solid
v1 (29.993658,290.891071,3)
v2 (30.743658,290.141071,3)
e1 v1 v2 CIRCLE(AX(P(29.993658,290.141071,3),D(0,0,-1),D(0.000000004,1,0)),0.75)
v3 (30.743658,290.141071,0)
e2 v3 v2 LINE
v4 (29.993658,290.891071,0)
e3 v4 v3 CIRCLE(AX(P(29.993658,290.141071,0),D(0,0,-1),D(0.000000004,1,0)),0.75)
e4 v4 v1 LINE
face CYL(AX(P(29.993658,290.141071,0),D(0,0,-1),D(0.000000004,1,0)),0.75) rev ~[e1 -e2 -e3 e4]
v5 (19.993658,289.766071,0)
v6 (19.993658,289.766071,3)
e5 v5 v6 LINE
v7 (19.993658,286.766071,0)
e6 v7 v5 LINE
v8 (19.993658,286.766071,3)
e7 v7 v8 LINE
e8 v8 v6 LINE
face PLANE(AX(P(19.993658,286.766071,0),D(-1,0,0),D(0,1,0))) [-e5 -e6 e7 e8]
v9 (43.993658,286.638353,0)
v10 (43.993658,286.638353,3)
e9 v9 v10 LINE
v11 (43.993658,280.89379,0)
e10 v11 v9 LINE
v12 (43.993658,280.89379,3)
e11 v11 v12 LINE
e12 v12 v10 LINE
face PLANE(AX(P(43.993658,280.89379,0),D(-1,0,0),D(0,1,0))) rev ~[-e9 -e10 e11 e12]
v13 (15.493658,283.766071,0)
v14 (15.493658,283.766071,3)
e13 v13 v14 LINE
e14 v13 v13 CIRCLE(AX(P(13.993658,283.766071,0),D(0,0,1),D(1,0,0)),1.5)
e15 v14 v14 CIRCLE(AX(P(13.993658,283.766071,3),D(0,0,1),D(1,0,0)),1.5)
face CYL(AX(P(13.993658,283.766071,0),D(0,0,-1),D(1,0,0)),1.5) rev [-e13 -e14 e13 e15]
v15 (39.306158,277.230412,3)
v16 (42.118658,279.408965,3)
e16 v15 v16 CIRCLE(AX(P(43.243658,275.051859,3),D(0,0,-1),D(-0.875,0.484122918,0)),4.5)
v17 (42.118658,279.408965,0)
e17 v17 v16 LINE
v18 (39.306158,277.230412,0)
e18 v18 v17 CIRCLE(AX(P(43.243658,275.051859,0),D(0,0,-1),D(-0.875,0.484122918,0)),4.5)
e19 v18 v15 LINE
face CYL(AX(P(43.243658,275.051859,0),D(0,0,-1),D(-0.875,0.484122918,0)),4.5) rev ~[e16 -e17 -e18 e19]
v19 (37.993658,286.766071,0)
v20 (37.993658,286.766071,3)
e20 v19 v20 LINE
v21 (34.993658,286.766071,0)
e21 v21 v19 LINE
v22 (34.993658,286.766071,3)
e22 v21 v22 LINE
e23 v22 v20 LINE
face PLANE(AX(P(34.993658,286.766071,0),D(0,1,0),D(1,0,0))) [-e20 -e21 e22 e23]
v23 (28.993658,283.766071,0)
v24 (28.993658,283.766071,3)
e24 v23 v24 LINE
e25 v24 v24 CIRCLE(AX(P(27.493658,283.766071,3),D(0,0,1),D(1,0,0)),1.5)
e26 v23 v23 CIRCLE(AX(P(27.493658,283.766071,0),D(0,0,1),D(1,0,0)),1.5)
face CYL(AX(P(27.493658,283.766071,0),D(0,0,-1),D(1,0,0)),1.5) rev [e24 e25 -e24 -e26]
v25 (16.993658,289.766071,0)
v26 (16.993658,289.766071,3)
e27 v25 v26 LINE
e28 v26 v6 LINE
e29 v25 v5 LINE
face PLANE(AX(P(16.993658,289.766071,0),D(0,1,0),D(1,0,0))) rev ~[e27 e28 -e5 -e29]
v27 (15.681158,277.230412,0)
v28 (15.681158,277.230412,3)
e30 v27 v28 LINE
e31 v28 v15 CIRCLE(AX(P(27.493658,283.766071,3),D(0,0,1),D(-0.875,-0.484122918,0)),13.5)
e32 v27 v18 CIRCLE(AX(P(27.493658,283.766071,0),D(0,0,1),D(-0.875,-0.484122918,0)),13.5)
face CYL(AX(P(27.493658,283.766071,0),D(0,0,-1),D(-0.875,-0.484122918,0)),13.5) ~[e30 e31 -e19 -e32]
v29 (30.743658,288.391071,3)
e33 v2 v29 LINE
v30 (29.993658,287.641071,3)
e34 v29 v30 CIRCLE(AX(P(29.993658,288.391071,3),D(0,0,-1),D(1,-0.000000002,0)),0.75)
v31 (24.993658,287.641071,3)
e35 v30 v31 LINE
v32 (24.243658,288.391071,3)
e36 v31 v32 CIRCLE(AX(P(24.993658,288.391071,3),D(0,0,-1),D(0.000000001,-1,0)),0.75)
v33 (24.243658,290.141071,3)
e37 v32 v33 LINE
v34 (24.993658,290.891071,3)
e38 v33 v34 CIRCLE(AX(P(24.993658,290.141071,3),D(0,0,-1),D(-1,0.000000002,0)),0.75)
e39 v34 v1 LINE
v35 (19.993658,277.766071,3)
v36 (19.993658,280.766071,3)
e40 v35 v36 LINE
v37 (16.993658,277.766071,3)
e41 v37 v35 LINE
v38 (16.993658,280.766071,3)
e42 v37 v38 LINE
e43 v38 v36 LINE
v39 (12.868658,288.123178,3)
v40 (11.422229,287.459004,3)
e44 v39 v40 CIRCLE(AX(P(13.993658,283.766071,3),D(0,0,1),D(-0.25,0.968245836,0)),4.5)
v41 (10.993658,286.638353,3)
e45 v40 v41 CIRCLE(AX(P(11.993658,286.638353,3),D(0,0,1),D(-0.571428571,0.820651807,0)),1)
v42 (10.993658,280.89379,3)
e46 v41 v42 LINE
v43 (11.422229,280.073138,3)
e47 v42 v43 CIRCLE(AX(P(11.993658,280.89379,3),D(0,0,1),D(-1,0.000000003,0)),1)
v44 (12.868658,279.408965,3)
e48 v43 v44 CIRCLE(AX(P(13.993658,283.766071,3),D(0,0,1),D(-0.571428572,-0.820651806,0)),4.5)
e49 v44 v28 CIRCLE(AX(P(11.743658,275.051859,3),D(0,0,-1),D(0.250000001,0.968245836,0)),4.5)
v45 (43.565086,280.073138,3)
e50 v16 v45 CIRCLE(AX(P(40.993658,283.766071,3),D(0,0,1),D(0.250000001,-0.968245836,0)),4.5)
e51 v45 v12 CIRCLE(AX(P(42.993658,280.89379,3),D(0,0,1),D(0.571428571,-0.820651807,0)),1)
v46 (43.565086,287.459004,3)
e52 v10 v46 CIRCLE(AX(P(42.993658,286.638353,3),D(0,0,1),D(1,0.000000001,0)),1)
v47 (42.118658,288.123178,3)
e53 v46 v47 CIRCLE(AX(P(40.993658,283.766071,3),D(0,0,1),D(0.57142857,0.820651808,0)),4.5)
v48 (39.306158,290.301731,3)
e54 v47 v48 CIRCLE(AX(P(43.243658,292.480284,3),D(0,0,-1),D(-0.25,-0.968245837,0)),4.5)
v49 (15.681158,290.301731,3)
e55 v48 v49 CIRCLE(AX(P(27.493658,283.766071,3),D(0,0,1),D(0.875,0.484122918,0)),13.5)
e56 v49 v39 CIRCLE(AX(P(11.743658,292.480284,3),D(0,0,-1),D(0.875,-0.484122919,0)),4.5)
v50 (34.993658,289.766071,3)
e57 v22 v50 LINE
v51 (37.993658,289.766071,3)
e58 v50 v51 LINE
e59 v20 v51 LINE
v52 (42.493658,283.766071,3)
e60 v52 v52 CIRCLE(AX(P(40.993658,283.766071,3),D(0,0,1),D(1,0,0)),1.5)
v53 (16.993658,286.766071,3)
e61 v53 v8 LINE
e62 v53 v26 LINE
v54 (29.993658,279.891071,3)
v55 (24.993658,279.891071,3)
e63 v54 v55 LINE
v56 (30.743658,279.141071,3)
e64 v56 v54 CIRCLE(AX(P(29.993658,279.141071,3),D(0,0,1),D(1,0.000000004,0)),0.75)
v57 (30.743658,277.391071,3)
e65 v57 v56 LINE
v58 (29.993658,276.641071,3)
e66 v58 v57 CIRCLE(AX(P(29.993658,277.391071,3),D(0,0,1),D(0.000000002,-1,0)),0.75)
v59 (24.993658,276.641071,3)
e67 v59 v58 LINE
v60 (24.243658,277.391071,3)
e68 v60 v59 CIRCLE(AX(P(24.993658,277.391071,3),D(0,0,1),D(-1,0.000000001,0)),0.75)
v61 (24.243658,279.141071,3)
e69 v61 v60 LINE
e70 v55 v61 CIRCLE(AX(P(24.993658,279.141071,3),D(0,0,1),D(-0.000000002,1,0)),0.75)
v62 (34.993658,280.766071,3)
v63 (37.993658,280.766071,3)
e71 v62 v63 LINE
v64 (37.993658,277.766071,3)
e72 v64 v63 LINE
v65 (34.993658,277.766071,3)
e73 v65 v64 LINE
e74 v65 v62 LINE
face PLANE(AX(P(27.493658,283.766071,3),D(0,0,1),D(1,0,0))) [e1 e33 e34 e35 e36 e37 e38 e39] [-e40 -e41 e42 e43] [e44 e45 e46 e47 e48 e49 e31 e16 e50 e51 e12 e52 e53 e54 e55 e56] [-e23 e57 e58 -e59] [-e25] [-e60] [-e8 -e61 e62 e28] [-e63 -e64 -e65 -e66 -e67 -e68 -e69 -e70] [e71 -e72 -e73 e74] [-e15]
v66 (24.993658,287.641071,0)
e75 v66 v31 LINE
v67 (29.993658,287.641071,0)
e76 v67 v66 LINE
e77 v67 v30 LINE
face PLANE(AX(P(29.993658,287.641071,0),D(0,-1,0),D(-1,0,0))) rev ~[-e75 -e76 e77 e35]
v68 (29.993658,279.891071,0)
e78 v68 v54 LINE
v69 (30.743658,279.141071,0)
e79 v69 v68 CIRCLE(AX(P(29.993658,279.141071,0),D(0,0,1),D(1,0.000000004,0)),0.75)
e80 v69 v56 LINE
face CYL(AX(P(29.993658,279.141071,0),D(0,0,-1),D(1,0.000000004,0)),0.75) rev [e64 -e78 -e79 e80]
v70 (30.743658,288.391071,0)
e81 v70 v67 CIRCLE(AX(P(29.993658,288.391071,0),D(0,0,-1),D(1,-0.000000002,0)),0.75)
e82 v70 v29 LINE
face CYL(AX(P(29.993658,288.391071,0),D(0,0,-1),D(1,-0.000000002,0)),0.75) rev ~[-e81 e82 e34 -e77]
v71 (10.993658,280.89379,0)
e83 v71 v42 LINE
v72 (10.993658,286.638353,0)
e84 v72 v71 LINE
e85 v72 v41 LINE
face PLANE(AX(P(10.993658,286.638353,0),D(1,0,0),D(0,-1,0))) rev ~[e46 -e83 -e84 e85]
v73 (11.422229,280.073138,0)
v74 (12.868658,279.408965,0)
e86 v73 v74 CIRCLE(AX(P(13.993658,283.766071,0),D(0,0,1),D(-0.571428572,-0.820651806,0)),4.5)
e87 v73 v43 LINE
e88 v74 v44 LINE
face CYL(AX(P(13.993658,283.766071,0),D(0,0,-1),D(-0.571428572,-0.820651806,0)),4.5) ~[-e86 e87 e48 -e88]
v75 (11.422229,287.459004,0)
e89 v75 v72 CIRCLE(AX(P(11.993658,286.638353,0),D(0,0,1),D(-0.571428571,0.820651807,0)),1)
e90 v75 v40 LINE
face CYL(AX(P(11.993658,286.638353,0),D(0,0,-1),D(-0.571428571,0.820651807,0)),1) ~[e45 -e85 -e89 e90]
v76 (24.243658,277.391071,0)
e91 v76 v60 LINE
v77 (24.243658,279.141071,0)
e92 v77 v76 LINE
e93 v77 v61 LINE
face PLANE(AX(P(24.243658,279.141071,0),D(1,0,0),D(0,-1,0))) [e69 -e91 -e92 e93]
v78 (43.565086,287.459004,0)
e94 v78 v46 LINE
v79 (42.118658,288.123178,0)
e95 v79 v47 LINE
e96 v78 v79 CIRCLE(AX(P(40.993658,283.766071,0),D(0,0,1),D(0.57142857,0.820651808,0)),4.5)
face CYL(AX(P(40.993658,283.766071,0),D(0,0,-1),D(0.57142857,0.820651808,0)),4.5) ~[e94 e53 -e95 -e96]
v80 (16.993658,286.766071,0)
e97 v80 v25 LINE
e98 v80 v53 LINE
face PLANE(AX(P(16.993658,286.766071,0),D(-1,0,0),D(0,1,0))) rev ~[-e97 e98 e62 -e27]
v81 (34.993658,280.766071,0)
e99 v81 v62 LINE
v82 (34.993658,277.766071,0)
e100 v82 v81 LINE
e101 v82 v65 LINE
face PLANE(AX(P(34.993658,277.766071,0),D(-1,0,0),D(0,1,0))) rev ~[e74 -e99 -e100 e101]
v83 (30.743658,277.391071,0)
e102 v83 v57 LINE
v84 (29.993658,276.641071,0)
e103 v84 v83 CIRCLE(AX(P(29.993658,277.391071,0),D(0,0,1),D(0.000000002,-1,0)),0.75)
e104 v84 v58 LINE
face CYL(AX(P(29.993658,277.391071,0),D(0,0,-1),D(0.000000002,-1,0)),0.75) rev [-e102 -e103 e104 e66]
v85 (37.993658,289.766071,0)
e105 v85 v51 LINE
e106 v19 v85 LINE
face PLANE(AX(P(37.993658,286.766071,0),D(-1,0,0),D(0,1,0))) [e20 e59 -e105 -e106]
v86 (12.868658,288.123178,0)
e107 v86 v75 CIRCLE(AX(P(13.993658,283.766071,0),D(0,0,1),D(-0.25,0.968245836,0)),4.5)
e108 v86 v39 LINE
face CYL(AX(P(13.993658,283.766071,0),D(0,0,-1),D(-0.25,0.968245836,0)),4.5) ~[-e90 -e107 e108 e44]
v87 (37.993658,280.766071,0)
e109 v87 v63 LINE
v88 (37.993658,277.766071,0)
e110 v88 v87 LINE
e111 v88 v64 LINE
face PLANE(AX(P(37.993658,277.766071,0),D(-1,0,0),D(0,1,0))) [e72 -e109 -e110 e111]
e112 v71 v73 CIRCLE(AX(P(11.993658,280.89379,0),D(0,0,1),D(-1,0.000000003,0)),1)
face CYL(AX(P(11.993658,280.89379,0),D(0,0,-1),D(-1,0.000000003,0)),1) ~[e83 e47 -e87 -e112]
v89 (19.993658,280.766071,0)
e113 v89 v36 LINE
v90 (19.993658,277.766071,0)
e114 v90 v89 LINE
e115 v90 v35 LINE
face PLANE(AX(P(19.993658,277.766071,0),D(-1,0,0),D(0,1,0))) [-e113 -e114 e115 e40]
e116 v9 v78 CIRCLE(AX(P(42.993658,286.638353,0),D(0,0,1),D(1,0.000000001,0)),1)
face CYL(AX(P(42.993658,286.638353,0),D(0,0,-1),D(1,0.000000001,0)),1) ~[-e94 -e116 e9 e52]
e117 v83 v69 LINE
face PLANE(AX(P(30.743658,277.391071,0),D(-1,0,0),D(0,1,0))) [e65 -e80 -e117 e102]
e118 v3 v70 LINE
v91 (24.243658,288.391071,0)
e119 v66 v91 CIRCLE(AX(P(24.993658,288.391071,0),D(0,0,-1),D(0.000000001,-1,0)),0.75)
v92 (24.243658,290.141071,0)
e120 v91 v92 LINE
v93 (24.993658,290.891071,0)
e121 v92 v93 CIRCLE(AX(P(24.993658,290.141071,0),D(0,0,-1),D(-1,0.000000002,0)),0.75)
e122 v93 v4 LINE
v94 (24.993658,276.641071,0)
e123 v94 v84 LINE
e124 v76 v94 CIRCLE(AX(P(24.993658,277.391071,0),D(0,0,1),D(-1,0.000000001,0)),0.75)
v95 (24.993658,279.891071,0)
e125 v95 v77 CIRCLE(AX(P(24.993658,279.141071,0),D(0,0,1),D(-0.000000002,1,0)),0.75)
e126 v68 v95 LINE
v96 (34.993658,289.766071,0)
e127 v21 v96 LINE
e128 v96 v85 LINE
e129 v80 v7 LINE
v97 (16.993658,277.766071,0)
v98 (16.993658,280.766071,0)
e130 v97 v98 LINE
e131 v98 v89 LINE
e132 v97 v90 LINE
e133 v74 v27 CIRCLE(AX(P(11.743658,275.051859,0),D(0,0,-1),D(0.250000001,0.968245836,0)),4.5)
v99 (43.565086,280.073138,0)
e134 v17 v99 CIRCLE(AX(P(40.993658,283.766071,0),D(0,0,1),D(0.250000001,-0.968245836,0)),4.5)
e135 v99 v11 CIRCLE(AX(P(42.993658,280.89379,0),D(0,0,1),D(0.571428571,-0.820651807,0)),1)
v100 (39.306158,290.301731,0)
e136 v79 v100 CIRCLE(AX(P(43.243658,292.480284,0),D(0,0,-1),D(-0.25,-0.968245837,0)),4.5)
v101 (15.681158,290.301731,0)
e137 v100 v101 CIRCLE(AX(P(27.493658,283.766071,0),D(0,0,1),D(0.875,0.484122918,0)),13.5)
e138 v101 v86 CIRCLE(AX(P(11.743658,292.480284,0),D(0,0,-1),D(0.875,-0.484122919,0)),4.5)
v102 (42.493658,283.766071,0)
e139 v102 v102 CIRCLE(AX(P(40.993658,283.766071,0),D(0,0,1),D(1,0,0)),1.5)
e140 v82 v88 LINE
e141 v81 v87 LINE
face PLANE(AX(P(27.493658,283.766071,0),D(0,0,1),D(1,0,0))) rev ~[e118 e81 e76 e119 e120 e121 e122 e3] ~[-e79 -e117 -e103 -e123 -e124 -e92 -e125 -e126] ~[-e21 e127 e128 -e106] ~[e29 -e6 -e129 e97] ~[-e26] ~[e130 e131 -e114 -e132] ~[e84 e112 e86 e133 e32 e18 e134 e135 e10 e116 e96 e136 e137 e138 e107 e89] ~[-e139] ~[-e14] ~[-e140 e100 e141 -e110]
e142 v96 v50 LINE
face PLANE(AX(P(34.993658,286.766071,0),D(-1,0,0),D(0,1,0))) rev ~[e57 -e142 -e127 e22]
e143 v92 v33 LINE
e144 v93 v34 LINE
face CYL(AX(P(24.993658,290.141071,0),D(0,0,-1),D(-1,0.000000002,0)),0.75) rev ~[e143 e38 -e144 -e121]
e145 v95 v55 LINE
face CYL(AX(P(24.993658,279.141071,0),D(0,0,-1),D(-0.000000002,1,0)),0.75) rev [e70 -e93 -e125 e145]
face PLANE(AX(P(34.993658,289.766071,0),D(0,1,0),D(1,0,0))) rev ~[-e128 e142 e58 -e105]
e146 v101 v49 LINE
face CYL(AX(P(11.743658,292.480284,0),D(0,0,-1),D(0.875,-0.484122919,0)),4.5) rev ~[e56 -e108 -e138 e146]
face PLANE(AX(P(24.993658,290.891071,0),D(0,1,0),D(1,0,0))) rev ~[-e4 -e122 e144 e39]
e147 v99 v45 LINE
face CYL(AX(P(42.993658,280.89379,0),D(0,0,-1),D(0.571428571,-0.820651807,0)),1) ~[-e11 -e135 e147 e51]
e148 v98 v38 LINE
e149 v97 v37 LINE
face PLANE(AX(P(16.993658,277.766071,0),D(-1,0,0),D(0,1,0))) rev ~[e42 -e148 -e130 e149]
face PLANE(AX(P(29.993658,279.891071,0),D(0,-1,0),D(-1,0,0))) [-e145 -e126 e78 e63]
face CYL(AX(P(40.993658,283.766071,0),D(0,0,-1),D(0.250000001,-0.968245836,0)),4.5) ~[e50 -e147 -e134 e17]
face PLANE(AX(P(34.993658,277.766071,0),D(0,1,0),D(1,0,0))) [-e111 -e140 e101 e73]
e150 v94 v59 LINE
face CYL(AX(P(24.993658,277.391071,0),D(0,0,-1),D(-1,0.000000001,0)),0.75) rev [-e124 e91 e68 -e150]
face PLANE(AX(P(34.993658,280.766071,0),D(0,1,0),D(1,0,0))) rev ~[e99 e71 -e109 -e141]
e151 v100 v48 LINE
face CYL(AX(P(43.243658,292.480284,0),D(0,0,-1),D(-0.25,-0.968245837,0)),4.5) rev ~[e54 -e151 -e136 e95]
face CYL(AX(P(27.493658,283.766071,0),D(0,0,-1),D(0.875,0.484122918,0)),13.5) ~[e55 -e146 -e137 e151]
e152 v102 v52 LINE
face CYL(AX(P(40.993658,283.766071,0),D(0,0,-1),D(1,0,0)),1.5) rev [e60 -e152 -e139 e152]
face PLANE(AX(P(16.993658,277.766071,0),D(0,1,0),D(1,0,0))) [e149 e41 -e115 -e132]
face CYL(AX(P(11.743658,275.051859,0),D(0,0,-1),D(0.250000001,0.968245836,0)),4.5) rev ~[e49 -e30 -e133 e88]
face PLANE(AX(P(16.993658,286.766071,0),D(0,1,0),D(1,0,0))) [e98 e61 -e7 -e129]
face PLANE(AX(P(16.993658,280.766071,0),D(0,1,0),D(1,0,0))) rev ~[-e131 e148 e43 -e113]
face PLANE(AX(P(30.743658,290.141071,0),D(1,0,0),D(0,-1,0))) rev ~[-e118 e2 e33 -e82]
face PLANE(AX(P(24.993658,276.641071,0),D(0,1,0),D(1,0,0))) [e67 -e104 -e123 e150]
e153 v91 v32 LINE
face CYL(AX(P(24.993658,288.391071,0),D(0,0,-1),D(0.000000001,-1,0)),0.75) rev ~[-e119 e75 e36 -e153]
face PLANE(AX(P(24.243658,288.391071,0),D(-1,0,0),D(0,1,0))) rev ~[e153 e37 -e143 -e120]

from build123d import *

# Parameters (mm, degrees)
MODEL_R                 = 1.5
MODEL_W                 = 3
MODEL_H                 = 3
SALIENTE_EXTRUIR1_DEPTH = 3


with BuildPart() as part:
    # Model → Saliente-Extruir1 (new body)
    with BuildSketch(Plane.XY):
        with BuildLine():
            Line((10.993657745, 286.638352596), (10.993657745, 280.893789949))
            ThreePointArc((10.993657745, 280.893789949), (11.107252484, 280.430879899), (11.422229173, 280.073138143))
            ThreePointArc((11.422229173, 280.073138143), (12.115845844, 279.676594232), (12.868657745, 279.408965008))
            ThreePointArc((12.868657745, 279.408965008), (14.499333705, 278.609421111), (15.681157745, 277.230411876))
            ThreePointArc((15.681157745, 277.230411876), (27.493657745, 270.266071273), (39.306157745, 277.230411876))
            ThreePointArc((39.306157745, 277.230411876), (40.487981784, 278.609421111), (42.118657745, 279.408965008))
            ThreePointArc((42.118657745, 279.408965008), (42.871469645, 279.676594232), (43.565086316, 280.073138143))
            ThreePointArc((43.565086316, 280.073138143), (43.880063005, 280.430879899), (43.993657745, 280.893789949))
            Line((43.993657745, 280.893789949), (43.993657745, 286.638352596))
            ThreePointArc((43.993657745, 286.638352596), (43.880063005, 287.101262646), (43.565086316, 287.459004403))
            ThreePointArc((43.565086316, 287.459004403), (42.871469645, 287.855548313), (42.118657745, 288.123177537))
            ThreePointArc((42.118657745, 288.123177537), (40.487981784, 288.922721434), (39.306157745, 290.301730669))
            ThreePointArc((39.306157745, 290.301730669), (27.493657745, 297.266071273), (15.681157745, 290.301730669))
            ThreePointArc((15.681157745, 290.301730669), (14.499333705, 288.922721434), (12.868657745, 288.123177537))
            ThreePointArc((12.868657745, 288.123177537), (12.115845844, 287.855548313), (11.422229173, 287.459004403))
            ThreePointArc((11.422229173, 287.459004403), (11.107252484, 287.101262646), (10.993657745, 286.638352596))
        make_face()
        with Locations((40.993657745, 283.766071273)):
            Circle(MODEL_R, mode=Mode.SUBTRACT)
        with Locations((13.993657745, 283.766071273)):
            Circle(MODEL_R, mode=Mode.SUBTRACT)
        with Locations((27.493657745, 283.766071273)):
            Circle(MODEL_R, mode=Mode.SUBTRACT)
        with Locations((36.493657745, 288.266071273)):
            Rectangle(MODEL_W, MODEL_H, mode=Mode.SUBTRACT)
        with Locations((36.493657745, 279.266071273)):
            Rectangle(MODEL_W, MODEL_H, mode=Mode.SUBTRACT)
        with Locations((18.493657745, 288.266071273)):
            Rectangle(MODEL_W, MODEL_H, mode=Mode.SUBTRACT)
        with Locations((18.493657745, 279.266071273)):
            Rectangle(MODEL_W, MODEL_H, mode=Mode.SUBTRACT)
        with BuildLine():
            Line((30.743657745, 277.391071273), (30.743657745, 279.141071273))
            ThreePointArc((30.743657745, 279.141071273), (30.52398783, 279.671401358), (29.993657745, 279.891071273))
            Line((29.993657745, 279.891071273), (24.993657745, 279.891071273))
            ThreePointArc((24.993657745, 279.891071273), (24.463327659, 279.671401358), (24.243657745, 279.141071273))
            Line((24.243657745, 279.141071273), (24.243657745, 277.391071273))
            ThreePointArc((24.243657745, 277.391071273), (24.463327659, 276.860741187), (24.993657745, 276.641071273))
            Line((24.993657745, 276.641071273), (29.993657745, 276.641071273))
            ThreePointArc((29.993657745, 276.641071273), (30.52398783, 276.860741187), (30.743657745, 277.391071273))
        make_face(mode=Mode.SUBTRACT)
        with BuildLine():
            Line((30.743657745, 290.141071273), (30.743657745, 288.391071273))
            ThreePointArc((30.743657745, 288.391071273), (30.52398783, 287.860741187), (29.993657745, 287.641071273))
            Line((29.993657745, 287.641071273), (24.993657745, 287.641071273))
            ThreePointArc((24.993657745, 287.641071273), (24.463327659, 287.860741187), (24.243657745, 288.391071273))
            Line((24.243657745, 288.391071273), (24.243657745, 290.141071273))
            ThreePointArc((24.243657745, 290.141071273), (24.463327659, 290.671401358), (24.993657745, 290.891071273))
            Line((24.993657745, 290.891071273), (29.993657745, 290.891071273))
            ThreePointArc((29.993657745, 290.891071273), (30.52398783, 290.671401358), (30.743657745, 290.141071273))
        make_face(mode=Mode.SUBTRACT)
    extrude(amount=SALIENTE_EXTRUIR1_DEPTH)


solid = part.part
